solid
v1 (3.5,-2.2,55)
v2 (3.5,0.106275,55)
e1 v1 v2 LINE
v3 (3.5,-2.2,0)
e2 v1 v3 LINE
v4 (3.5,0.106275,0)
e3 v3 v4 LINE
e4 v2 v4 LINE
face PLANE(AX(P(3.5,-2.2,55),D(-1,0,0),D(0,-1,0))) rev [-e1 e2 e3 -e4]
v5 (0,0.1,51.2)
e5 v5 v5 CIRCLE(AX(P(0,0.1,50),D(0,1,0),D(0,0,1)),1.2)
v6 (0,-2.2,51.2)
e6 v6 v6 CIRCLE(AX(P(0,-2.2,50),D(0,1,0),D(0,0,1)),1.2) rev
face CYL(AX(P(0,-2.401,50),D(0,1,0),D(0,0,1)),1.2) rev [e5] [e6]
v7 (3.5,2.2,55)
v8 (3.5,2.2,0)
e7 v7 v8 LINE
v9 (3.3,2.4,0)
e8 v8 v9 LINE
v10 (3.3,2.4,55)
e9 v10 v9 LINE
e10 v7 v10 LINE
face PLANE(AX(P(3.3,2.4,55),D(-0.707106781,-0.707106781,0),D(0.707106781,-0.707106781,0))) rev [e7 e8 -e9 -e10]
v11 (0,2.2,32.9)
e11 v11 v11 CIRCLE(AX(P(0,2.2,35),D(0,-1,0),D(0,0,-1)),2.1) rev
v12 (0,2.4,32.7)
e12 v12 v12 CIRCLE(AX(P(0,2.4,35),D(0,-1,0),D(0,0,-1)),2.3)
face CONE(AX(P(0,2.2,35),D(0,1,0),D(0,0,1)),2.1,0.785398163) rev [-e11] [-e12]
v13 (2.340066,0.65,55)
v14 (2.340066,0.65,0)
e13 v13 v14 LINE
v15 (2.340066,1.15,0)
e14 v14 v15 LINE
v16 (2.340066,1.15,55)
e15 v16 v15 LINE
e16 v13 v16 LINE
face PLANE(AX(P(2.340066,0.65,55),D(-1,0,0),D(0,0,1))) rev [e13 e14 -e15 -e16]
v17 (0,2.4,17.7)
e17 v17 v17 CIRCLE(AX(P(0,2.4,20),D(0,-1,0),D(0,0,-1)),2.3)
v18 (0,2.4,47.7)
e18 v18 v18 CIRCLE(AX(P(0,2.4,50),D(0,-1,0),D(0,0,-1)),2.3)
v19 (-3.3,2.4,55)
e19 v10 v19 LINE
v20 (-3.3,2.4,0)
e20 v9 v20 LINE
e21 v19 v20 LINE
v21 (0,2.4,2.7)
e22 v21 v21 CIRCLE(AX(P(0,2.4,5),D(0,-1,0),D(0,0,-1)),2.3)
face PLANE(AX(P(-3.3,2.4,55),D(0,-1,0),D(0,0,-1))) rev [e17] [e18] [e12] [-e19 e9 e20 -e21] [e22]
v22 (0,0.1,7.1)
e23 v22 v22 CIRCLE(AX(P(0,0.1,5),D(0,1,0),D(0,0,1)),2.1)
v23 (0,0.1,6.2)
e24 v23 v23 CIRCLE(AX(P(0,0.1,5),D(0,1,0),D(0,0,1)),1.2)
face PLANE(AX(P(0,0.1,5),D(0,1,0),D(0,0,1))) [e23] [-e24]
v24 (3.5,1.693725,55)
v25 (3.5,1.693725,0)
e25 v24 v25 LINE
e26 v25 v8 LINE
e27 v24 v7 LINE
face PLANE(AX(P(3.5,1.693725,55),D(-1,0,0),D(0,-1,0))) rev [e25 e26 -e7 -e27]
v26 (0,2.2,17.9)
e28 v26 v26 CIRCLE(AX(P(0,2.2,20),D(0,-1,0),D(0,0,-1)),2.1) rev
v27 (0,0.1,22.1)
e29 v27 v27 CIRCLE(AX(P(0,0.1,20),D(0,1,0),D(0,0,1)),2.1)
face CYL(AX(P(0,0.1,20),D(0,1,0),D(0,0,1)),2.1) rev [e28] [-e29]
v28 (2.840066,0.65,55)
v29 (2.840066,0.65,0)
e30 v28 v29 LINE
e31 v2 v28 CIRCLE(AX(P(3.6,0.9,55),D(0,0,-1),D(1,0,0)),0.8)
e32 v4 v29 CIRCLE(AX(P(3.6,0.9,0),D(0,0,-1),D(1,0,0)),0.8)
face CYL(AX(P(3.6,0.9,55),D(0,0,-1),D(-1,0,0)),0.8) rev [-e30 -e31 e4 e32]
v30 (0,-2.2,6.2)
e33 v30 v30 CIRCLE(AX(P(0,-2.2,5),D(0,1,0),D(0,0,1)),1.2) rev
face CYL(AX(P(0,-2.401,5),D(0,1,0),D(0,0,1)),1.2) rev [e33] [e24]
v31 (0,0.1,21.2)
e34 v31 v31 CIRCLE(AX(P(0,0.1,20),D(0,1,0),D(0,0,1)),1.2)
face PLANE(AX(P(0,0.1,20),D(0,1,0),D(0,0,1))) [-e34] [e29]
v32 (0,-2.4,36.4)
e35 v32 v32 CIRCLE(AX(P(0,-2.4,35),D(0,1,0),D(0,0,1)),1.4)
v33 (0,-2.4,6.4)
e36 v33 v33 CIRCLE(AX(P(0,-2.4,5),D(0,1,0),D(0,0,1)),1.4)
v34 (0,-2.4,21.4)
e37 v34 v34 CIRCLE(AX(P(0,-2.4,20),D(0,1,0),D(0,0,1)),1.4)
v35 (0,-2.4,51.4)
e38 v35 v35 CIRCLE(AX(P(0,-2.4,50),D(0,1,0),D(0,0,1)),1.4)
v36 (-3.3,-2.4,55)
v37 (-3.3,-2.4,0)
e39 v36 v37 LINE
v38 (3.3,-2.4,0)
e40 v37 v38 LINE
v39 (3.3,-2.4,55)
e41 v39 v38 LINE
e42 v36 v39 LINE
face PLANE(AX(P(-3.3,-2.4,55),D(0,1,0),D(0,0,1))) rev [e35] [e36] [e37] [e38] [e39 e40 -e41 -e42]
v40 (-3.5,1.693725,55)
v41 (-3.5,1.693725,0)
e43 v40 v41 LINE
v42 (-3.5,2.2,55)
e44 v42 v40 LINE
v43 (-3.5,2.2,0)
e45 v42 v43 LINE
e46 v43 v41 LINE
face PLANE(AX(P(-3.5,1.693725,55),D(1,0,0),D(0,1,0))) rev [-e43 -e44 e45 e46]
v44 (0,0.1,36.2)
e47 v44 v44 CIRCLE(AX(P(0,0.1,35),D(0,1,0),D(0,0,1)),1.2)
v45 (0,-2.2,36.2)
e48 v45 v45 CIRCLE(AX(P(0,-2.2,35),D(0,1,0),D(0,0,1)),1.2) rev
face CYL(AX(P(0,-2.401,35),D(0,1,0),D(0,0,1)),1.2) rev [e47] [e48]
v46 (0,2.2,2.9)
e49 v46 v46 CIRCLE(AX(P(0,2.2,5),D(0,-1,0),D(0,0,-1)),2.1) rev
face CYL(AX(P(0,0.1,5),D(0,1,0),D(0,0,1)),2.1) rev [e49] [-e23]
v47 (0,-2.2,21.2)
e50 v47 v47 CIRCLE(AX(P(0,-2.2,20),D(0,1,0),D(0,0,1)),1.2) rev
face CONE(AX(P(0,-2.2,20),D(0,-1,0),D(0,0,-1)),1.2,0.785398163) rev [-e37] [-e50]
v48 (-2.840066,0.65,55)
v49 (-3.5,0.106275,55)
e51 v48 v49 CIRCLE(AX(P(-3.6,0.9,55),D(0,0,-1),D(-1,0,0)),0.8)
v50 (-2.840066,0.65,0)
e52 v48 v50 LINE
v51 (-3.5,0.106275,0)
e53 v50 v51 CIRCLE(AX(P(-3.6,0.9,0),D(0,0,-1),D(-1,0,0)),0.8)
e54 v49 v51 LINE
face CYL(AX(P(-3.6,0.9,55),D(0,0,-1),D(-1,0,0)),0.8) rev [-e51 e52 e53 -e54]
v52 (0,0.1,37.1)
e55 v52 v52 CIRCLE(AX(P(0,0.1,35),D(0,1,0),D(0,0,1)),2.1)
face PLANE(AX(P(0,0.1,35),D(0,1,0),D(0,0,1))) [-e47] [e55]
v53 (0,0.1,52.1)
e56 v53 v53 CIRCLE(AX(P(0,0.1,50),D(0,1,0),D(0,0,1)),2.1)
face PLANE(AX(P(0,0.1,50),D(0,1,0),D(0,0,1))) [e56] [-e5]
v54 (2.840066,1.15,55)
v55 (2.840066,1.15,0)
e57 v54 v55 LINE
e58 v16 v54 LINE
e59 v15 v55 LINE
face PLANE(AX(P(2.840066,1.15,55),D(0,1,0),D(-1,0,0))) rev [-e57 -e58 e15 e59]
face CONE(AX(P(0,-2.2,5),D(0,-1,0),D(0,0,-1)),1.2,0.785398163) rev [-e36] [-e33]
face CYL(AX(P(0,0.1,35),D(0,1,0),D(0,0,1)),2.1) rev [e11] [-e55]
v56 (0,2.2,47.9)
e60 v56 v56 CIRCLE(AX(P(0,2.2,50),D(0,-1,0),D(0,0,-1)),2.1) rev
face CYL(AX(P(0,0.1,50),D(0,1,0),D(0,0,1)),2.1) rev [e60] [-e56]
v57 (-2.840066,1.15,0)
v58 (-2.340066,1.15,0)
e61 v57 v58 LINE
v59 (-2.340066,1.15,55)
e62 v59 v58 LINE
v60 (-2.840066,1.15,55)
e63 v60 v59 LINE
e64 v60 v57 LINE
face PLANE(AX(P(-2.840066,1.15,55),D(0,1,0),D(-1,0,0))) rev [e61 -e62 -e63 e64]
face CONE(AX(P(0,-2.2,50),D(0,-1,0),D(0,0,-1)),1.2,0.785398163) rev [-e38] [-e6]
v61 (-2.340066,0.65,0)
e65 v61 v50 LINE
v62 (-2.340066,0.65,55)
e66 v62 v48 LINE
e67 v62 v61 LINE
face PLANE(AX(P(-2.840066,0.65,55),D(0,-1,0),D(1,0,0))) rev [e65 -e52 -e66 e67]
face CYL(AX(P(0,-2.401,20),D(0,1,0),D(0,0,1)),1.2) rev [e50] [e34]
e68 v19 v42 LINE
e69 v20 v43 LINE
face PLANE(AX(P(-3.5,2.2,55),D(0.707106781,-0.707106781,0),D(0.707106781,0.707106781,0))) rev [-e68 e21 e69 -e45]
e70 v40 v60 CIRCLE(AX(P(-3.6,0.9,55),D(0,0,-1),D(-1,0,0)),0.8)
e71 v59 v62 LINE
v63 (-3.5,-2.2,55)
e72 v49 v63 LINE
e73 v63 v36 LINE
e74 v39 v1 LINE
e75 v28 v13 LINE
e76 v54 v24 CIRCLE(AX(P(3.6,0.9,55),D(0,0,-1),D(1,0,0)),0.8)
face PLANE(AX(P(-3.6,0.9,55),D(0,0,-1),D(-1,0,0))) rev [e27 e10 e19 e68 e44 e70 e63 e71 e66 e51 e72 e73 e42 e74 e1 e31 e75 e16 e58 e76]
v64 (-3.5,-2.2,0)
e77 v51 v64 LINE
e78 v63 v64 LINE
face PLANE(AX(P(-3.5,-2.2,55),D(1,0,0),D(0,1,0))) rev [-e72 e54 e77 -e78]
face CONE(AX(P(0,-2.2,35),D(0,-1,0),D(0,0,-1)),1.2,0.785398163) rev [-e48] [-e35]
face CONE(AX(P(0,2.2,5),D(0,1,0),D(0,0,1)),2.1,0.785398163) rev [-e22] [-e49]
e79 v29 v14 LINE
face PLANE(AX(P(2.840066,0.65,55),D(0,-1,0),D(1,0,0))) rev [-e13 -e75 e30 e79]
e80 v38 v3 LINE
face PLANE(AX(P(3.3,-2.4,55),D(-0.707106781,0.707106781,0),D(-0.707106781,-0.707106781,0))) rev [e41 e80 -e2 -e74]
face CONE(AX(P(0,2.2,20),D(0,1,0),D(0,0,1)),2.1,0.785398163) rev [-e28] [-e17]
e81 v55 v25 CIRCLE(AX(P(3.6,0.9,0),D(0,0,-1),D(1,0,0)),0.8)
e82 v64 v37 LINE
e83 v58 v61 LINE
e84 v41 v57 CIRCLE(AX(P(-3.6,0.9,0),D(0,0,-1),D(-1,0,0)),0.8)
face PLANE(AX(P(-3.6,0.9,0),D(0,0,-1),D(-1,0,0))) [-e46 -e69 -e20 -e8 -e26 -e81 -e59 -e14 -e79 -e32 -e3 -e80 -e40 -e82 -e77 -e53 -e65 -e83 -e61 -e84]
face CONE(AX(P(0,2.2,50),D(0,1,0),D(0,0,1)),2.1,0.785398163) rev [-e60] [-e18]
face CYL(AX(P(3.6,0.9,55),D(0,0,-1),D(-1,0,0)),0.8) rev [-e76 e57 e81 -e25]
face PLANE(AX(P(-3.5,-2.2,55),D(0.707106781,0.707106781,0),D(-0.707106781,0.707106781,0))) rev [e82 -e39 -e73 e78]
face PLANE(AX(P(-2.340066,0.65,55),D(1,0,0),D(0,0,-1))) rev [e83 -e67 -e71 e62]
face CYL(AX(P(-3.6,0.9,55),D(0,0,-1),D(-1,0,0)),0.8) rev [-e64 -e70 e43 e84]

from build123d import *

# Parameters (mm, degrees)
EXTRUDE1_DEPTH             = 55
EXTRUDE2_REACH             = 57.32
SKETCH2_R                  = 1.2
SKETCH_R                   = 2.1
SKETCH_R_2                 = 1.2
EXTRUDE4_DEPTH             = 2.3
CHAMFER1_SIZE              = 0.2
LPATTERN1_COUNT            = 4
LPATTERN1_PITCH            = 15
CHAMFER1_OF_LPATTERN1_SIZE = 0.2


with BuildPart() as part:
    # Sketch1 → Extrude1 (new body)
    with BuildSketch(Plane.XY):
        with BuildLine():
            Line((-3.3, -2.4), (3.3, -2.4))
            Line((3.3, -2.4), (3.5, -2.2))
            Line((3.5, -2.2), (3.5, 0.106274607))
            ThreePointArc((3.5, 0.106274607), (3.091294745, 0.282570681), (2.840065792, 0.65))
            Line((2.840065792, 0.65), (2.340065792, 0.65))
            Line((2.340065792, 0.65), (2.340065792, 1.15))
            Line((2.340065792, 1.15), (2.840065792, 1.15))
            ThreePointArc((2.840065792, 1.15), (3.091294745, 1.517429319), (3.5, 1.693725393))
            Line((3.5, 1.693725393), (3.5, 2.2))
            Line((3.5, 2.2), (3.3, 2.4))
            Line((3.3, 2.4), (-3.3, 2.4))
            Line((-3.3, 2.4), (-3.5, 2.2))
            Line((-3.5, 2.2), (-3.5, 1.693725393))
            ThreePointArc((-3.5, 1.693725393), (-3.091294745, 1.517429319), (-2.840065792, 1.15))
            Line((-2.840065792, 1.15), (-2.340065792, 1.15))
            Line((-2.340065792, 1.15), (-2.340065792, 0.65))
            Line((-2.340065792, 0.65), (-2.840065792, 0.65))
            ThreePointArc((-2.840065792, 0.65), (-3.091294745, 0.282570681), (-3.5, 0.106274607))
            Line((-3.5, 0.106274607), (-3.5, -2.2))
            Line((-3.5, -2.2), (-3.3, -2.4))
        make_face()
    extrude(amount=EXTRUDE1_DEPTH)

    # Sketch2 → Extrude2 (cut, up to next)
    with BuildSketch(Plane(origin=(0, 2.4, 0), x_dir=(1, 0, 0), z_dir=(0, 1, 0)), mode=Mode.PRIVATE) as extrude2_sk1:
        with Locations((0, -5)):
            Circle(SKETCH2_R)
    extrude2_tool1 = extrude(extrude2_sk1.sketch, amount=-EXTRUDE2_REACH, mode=Mode.PRIVATE) & part.part
    extrude2 = extrude2_tool1.solids().sort_by_distance((0, 2.4, 5))[0]
    add(extrude2, mode=Mode.SUBTRACT)

    # Sketch → Extrude4 (cut)
    with BuildSketch(Plane(origin=(0, 2.4, 0), x_dir=(1, 0, 0), z_dir=(0, 1, 0))):
        with Locations((0, -5)):
            Circle(SKETCH_R)
        with Locations((0, -5)):
            Circle(SKETCH_R_2, mode=Mode.SUBTRACT)
    extrude4 = extrude(amount=-EXTRUDE4_DEPTH, mode=Mode.SUBTRACT)

    # Chamfer1
    chamfer1_edges = [part.edges().sort_by_distance(p)[0] for p in [
        (-1.2, -2.4, 5),
        (-2.1, 2.4, 5),
    ]]
    chamfer(chamfer1_edges, length=CHAMFER1_SIZE)

    # LPattern1: Extrude2, Extrude4 ×4
    with Locations(*[(0, 0, i * LPATTERN1_PITCH) for i in range(1, LPATTERN1_COUNT)]):
        add(extrude2, mode=Mode.SUBTRACT)
        add(extrude4, mode=Mode.SUBTRACT)

    # Chamfer1 of LPattern1
    chamfer1_of_lpattern1_edges = [part.edges().sort_by_distance(p)[0] for p in [
        (-1.2, -2.4, 20),
        (-2.1, 2.4, 20),
        (-1.2, -2.4, 35),
        (-2.1, 2.4, 35),
        (-1.2, -2.4, 50),
        (-2.1, 2.4, 50),
    ]]
    chamfer(chamfer1_of_lpattern1_edges, length=CHAMFER1_OF_LPATTERN1_SIZE)


solid = part.part
